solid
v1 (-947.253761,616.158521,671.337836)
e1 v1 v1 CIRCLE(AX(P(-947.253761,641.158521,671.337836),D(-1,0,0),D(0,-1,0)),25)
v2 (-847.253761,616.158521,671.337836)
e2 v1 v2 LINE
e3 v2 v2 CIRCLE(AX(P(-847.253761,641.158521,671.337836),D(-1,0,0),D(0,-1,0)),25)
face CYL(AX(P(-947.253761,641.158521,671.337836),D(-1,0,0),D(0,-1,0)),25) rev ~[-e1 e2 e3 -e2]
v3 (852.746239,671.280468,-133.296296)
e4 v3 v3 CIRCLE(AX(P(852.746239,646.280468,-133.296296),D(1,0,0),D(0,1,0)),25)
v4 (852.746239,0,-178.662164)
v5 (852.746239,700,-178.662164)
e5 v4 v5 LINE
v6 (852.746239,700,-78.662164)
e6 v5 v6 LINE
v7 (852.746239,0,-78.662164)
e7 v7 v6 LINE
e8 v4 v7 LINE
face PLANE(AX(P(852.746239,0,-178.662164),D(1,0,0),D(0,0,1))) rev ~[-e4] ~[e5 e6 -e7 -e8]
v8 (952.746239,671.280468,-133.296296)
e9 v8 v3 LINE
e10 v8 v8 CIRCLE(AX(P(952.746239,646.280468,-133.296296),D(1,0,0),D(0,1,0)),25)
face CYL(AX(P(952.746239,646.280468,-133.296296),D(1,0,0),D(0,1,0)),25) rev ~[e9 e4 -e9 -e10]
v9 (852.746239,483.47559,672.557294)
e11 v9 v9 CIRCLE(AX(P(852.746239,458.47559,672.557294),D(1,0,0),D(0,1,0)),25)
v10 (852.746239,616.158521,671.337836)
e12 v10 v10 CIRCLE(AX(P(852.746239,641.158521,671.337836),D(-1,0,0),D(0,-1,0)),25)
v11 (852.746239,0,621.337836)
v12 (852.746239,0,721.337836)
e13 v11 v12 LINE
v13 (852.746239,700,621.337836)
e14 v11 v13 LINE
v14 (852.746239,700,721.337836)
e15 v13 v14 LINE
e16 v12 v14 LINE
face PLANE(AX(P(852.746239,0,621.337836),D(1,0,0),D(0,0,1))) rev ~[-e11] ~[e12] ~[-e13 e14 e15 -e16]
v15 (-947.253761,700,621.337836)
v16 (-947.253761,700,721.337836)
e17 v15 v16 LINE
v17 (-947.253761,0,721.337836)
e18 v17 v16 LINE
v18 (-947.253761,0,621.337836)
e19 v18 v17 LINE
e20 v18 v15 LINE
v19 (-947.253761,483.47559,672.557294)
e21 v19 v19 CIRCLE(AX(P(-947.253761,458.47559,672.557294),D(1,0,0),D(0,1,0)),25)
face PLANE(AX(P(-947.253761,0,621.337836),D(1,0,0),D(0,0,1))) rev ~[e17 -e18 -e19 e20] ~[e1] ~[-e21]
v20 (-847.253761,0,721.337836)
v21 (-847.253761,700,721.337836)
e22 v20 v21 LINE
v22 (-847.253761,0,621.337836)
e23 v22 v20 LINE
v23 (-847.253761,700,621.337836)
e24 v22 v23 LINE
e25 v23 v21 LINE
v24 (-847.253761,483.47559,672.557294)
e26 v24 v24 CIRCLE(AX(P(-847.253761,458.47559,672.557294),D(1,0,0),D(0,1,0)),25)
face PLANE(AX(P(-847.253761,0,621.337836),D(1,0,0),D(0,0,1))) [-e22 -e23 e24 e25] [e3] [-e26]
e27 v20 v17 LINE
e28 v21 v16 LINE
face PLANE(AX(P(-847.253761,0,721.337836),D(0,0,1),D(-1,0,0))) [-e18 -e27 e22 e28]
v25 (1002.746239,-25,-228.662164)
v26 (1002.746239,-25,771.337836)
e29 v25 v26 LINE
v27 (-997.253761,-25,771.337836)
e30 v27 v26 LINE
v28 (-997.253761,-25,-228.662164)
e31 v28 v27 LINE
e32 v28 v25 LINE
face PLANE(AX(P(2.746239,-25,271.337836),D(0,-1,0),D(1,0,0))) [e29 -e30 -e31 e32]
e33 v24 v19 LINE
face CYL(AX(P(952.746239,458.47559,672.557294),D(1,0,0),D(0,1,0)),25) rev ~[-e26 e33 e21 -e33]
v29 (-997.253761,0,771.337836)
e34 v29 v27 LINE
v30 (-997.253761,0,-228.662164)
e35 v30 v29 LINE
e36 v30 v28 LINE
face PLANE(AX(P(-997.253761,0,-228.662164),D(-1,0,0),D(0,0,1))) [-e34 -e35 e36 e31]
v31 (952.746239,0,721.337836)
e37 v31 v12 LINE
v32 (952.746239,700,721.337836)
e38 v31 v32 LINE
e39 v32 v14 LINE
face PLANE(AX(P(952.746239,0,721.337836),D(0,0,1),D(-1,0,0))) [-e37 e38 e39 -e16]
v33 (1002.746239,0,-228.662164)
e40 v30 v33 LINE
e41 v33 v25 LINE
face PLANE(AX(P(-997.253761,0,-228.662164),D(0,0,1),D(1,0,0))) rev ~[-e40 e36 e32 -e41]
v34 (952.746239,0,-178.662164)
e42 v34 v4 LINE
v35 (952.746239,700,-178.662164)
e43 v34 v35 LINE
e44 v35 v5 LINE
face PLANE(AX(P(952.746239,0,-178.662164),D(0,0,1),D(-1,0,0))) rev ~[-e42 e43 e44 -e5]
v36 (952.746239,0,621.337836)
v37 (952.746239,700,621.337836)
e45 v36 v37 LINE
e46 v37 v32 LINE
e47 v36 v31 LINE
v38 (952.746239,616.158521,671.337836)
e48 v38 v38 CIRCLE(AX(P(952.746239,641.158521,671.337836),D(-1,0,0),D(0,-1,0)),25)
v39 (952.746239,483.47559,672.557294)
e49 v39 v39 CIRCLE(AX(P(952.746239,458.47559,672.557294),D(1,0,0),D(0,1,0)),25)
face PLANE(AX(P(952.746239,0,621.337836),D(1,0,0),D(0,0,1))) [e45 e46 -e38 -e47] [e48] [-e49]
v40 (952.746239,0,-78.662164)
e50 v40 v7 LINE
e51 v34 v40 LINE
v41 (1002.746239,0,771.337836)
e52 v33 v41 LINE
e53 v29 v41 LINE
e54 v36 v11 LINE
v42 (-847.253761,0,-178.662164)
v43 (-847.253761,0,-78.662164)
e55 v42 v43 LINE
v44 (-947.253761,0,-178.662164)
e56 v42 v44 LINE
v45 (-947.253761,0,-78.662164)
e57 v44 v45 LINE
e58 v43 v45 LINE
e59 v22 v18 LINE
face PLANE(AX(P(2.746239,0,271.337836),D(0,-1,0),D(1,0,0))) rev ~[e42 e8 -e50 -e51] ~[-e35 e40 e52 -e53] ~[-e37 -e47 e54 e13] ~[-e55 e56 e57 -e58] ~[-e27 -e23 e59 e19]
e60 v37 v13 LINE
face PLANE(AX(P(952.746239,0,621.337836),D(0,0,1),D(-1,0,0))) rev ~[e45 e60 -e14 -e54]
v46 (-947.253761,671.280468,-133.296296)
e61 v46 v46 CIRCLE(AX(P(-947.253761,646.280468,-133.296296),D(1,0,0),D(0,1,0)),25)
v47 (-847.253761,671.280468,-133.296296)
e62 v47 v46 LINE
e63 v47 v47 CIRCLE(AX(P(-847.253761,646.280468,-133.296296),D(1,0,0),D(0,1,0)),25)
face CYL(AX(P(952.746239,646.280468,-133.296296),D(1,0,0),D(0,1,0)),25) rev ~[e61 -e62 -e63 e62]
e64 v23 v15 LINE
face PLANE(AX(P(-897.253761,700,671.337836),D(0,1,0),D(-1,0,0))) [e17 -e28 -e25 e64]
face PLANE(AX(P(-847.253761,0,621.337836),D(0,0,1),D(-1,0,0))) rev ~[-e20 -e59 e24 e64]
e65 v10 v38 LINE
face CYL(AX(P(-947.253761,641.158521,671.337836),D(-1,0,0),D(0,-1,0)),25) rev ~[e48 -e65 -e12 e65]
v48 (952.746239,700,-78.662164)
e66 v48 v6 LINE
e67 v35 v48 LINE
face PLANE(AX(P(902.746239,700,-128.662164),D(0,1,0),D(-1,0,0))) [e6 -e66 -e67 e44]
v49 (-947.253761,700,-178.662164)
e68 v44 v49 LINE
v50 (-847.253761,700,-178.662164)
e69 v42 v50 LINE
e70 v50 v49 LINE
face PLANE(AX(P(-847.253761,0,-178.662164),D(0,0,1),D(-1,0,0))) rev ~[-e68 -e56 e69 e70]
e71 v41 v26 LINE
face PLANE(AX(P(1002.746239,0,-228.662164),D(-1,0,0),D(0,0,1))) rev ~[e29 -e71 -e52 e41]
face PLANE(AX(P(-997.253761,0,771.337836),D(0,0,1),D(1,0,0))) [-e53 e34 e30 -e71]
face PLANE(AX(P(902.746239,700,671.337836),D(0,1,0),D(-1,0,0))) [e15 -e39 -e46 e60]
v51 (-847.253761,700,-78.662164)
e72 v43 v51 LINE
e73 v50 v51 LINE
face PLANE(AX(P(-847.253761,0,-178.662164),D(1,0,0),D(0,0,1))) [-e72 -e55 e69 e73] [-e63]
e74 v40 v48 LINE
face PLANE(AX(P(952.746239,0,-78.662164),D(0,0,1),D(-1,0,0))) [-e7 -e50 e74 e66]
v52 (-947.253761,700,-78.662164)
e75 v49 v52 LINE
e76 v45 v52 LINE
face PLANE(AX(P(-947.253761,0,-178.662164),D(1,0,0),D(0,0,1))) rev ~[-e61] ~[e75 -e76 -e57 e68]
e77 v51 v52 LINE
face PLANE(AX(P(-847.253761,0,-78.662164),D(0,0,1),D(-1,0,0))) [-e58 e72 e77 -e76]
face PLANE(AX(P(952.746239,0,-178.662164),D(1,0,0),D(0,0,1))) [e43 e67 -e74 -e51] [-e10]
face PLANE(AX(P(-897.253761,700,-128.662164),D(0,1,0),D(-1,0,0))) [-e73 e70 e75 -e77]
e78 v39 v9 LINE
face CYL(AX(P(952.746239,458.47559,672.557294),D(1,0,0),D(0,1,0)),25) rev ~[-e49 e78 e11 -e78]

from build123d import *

# Parameters (mm, degrees)
F0_W      = 2000
F0_H      = 1000
F1_DEPTH  = 25
F2_W      = 100
F2_H      = 100
F3_DEPTH  = 700
F4_W      = 100
F4_H      = 100
F5_DEPTH  = 700
F6_W      = 100
F6_H      = 100
F7_DEPTH  = 700
F8_W      = 100
F8_H      = 100
F9_DEPTH  = 700
F10_R     = 25
F11_DEPTH = 1950.001
F12_R     = 25
F13_DEPTH = 1950.001
F14_R     = 25
F15_DEPTH = 1950.001


with BuildPart() as f1:
    # F0 (on Front) → F1 (new body)
    with BuildSketch(Plane.XZ):
        with Locations((2.746239, 271.337836)):
            Rectangle(F0_W, F0_H)
    extrude(amount=F1_DEPTH)

    # F2 (on face) → F3 (join)
    with BuildSketch(Plane(origin=(0, 0, 0), x_dir=(-1, 0, 0), z_dir=(0, 1, 0))):
        with Locations((-902.746239, 671.337836)):
            Rectangle(F2_W, F2_H)
    extrude(amount=F3_DEPTH)

    # F4 (on face) → F5 (join)
    with BuildSketch(Plane(origin=(0, 0, 0), x_dir=(-1, 0, 0), z_dir=(0, 1, 0))):
        with Locations((897.253761, 671.337836)):
            Rectangle(F4_W, F4_H)
    extrude(amount=F5_DEPTH)

    # F6 (on face) → F7 (join)
    with BuildSketch(Plane(origin=(0, 0, 0), x_dir=(-1, 0, 0), z_dir=(0, 1, 0))):
        with Locations((-902.746239, -128.662164)):
            Rectangle(F6_W, F6_H)
    extrude(amount=F7_DEPTH)

    # F8 (on face) → F9 (join)
    with BuildSketch(Plane(origin=(0, 0, 0), x_dir=(-1, 0, 0), z_dir=(0, 1, 0))):
        with Locations((897.253761, -128.662164)):
            Rectangle(F8_W, F8_H)
    extrude(amount=F9_DEPTH)

    # F10 (on face) → F11 (cut, through all)
    with BuildSketch(Plane(origin=(-947.253761, 0, 0), x_dir=(0, -1, 0), z_dir=(-1, 0, 0))):
        with Locations((-641.158521, 671.337836)):
            Circle(F10_R)
    extrude(amount=-F11_DEPTH, mode=Mode.SUBTRACT)

    # F12 (on face) → F13 (cut, through all)
    with BuildSketch(Plane.YZ.offset(952.746239)):
        with Locations((646.280468, -133.296296)):
            Circle(F12_R)
    extrude(amount=-F13_DEPTH, mode=Mode.SUBTRACT)

    # F14 (on face) → F15 (cut, through all)
    with BuildSketch(Plane.YZ.offset(952.746239)):
        with Locations((458.47559, 672.557294)):
            Circle(F14_R)
    extrude(amount=-F15_DEPTH, mode=Mode.SUBTRACT)


solid = f1.part
